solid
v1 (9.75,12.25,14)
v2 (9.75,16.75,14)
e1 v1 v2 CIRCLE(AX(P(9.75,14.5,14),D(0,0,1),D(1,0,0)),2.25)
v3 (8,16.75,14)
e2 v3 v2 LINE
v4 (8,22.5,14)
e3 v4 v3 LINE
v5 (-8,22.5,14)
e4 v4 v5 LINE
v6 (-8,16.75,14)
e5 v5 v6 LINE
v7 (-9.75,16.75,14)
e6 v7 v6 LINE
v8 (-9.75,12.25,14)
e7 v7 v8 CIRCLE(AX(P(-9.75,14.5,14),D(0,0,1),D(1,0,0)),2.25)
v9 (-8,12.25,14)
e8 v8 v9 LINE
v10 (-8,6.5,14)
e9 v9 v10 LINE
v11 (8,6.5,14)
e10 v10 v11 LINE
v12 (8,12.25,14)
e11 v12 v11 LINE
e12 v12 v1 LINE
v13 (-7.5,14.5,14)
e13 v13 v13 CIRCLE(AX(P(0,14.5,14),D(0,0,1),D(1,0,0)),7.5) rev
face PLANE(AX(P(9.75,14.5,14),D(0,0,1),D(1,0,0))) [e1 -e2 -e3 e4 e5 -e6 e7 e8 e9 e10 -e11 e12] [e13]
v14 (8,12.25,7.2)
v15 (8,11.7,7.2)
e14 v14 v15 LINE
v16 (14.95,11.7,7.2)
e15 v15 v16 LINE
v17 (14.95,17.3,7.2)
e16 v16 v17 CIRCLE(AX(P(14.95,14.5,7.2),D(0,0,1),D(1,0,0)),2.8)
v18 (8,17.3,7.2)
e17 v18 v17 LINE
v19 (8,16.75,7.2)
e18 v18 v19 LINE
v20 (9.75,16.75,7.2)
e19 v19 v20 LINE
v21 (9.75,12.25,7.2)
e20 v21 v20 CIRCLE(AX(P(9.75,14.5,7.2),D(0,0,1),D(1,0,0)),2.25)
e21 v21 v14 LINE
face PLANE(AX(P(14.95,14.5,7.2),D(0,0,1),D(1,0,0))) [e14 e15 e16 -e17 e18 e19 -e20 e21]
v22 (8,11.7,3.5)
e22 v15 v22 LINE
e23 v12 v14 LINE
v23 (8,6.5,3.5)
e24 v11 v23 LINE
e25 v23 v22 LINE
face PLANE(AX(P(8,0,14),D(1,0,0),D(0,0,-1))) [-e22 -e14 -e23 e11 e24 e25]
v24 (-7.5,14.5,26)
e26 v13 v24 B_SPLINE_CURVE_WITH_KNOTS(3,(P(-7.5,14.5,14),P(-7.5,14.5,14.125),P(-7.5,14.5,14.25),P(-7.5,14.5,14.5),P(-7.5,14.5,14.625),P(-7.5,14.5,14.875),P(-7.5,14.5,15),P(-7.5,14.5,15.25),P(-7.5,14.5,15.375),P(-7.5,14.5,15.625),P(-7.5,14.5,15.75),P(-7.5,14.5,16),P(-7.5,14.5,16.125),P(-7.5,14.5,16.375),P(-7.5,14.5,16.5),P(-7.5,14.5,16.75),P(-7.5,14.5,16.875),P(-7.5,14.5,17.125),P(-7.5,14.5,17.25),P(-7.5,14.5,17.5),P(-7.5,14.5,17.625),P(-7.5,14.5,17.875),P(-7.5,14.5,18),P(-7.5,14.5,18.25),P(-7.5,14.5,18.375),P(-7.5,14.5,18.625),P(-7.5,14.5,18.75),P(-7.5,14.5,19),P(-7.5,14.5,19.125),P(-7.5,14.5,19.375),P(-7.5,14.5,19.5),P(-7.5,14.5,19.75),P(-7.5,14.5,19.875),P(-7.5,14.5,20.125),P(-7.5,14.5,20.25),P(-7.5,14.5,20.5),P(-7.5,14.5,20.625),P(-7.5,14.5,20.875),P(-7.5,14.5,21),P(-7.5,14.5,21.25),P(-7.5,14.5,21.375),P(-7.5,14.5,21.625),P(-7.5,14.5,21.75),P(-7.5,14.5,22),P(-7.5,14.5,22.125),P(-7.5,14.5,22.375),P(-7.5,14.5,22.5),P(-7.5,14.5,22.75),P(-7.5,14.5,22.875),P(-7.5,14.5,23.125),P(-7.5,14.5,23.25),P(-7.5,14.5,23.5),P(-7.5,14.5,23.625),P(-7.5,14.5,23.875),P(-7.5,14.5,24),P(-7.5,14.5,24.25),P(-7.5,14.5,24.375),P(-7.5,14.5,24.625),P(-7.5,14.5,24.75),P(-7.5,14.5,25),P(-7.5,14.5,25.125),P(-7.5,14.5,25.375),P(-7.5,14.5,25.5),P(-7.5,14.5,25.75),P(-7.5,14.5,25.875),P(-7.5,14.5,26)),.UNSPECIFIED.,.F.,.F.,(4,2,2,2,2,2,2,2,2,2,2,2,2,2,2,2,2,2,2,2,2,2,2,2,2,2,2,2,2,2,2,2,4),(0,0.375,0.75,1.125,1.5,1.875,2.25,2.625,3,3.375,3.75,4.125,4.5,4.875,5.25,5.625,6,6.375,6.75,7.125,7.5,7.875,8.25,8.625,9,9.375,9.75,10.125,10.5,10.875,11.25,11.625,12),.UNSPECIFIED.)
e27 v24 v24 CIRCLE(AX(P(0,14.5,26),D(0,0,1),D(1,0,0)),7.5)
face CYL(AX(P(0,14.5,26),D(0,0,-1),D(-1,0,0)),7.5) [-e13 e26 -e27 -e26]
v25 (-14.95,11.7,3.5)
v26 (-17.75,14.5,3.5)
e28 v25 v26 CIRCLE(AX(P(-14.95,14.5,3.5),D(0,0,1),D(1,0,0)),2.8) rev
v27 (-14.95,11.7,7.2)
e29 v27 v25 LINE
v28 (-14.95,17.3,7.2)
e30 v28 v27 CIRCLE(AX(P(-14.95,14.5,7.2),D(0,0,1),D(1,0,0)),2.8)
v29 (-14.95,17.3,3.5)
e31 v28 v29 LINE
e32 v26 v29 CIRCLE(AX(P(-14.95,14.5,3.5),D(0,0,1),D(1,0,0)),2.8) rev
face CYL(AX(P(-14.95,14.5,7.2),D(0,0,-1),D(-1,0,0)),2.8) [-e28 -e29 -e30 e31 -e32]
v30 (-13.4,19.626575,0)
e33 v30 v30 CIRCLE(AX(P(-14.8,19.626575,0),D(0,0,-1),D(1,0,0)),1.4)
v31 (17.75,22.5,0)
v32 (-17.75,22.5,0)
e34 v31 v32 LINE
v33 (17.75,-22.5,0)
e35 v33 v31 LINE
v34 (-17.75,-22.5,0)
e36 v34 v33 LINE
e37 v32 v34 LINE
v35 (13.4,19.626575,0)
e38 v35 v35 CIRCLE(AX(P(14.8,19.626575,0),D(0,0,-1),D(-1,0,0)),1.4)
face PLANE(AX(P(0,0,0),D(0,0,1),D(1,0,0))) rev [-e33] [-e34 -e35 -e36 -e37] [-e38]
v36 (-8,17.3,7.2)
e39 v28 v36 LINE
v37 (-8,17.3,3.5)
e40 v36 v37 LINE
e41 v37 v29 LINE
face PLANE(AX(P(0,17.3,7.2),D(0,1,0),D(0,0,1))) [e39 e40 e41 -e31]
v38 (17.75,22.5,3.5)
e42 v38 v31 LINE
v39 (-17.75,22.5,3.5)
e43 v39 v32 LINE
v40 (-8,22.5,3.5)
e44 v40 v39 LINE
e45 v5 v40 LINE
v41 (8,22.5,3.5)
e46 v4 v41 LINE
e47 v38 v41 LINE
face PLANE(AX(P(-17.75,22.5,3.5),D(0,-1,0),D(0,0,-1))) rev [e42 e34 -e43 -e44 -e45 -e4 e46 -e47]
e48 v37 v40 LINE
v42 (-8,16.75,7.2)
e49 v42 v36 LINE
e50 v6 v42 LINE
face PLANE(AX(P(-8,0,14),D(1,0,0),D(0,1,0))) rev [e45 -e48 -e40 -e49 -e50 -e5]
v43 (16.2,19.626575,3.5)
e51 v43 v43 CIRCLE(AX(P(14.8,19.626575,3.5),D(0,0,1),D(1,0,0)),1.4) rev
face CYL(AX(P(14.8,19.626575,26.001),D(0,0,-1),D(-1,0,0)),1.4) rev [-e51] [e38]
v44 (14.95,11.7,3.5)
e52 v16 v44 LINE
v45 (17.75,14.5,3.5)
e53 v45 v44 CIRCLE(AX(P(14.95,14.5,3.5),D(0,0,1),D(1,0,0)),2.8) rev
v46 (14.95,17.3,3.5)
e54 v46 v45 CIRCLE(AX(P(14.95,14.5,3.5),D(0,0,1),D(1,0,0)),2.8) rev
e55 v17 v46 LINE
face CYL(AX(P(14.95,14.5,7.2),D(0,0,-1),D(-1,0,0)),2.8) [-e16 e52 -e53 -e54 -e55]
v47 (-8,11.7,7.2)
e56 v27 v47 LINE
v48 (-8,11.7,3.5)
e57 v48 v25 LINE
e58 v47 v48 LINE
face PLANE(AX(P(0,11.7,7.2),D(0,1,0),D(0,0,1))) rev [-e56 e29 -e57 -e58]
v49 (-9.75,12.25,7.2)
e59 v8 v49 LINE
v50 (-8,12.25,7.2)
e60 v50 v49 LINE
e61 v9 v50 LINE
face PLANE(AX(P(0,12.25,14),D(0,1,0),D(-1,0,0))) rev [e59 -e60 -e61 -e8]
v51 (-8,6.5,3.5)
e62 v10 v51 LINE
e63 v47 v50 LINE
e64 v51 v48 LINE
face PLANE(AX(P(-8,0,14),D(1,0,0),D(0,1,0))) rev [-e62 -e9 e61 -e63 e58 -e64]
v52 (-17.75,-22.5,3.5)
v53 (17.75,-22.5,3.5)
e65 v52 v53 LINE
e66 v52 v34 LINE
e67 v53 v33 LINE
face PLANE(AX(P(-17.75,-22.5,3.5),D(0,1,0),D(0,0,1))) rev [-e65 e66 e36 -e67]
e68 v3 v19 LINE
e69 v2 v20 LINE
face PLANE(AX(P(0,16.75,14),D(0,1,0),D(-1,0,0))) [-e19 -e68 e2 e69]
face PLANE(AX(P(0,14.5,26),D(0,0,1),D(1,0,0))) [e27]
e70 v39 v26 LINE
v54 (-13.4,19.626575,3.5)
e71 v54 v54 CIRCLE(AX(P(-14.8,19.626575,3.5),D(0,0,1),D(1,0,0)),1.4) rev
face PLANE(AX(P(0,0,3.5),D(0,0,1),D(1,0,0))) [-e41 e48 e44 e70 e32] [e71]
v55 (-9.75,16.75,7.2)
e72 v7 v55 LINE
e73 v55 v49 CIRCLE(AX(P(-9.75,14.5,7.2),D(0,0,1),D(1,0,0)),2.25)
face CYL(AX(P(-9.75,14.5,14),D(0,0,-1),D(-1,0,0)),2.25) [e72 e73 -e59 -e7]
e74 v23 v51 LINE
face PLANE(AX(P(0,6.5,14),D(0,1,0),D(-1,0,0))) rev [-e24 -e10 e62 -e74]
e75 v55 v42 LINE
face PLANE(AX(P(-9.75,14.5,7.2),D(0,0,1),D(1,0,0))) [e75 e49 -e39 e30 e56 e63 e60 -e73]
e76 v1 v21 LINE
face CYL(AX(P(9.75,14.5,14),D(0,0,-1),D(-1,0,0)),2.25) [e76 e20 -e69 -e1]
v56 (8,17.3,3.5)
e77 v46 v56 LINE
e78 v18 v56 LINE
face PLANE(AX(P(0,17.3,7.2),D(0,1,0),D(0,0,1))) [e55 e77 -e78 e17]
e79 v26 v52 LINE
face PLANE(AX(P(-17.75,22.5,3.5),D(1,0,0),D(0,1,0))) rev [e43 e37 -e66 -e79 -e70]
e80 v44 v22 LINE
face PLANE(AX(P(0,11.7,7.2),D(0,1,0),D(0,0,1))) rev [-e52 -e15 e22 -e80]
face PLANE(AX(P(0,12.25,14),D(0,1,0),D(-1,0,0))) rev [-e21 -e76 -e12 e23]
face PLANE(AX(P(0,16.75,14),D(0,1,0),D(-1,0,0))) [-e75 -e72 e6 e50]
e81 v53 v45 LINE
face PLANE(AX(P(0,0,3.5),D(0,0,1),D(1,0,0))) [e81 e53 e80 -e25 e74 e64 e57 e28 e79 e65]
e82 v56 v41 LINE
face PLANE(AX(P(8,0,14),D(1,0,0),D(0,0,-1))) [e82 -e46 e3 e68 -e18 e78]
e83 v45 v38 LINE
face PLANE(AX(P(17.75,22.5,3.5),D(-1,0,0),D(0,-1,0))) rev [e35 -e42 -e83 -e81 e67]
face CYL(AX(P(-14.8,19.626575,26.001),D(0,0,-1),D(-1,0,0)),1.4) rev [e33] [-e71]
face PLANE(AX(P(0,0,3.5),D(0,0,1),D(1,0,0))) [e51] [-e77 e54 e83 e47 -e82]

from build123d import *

# Parameters (mm, degrees)
SKETCH_4_W          = 35.5
SKETCH_4_H          = 45
EXTRUDE_2_DEPTH     = 3.5
EXTRUDE_START       = -3.5
SKETCH_5_W          = 16
SKETCH_5_H          = 4.5
SKETCH_5_H_2        = 5.75
EXTRUDE_3_DEPTH     = 14
EXTRUDE_4_DEPTH     = 7.2
EXTRUDE_START_2     = -14
SKETCH_7_R          = 7.5
EXTRUDE_5_DEPTH     = 26
CUT_EXTRUDE_1_REACH = 40.695
SKETCH_8_R          = 1.4


with BuildPart() as part:
    # 草图4 → 凸台-拉伸2 (new body)
    with BuildSketch(Plane.XY):
        Rectangle(SKETCH_4_W, SKETCH_4_H)
    extrude(amount=EXTRUDE_2_DEPTH)

    # 草图5 → 凸台-拉伸3 (add)
    with BuildSketch(Plane.XY.offset(3.5).offset(EXTRUDE_START)):
        with BuildLine():
            Line((-8, 12.25), (-8, 16.75))
            Line((-8, 16.75), (-9.75, 16.75))
            ThreePointArc((-9.75, 16.75), (-12, 14.5), (-9.75, 12.25))
            Line((-9.75, 12.25), (-8, 12.25))
        make_face()
        with Locations((0, 14.5)):
            Rectangle(SKETCH_5_W, SKETCH_5_H)
        with Locations((0, 19.625)):
            Rectangle(SKETCH_5_W, SKETCH_5_H_2)
        with BuildLine():
            Line((9.75, 16.75), (8, 16.75))
            Line((8, 16.75), (8, 12.25))
            Line((8, 12.25), (9.75, 12.25))
            ThreePointArc((9.75, 12.25), (12, 14.5), (9.75, 16.75))
        make_face()
        with Locations((0, 9.375)):
            Rectangle(SKETCH_5_W, SKETCH_5_H_2)
    extrude(amount=EXTRUDE_3_DEPTH)

    # 草图6 → 凸台-拉伸4 (add)
    with BuildSketch(Plane.XY.offset(3.5).offset(EXTRUDE_START)):
        with BuildLine():
            Line((-14.95, 17.3), (14.95, 17.3))
            ThreePointArc((14.95, 17.3), (17.75, 14.5), (14.95, 11.7))
            Line((14.95, 11.7), (-14.95, 11.7))
            ThreePointArc((-14.95, 11.7), (-17.75, 14.5), (-14.95, 17.3))
        make_face()
    extrude(amount=EXTRUDE_4_DEPTH)

    # 草图7 → 凸台-拉伸5 (add)
    with BuildSketch(Plane.XY.offset(14).offset(EXTRUDE_START_2)):
        with Locations(Location((0, 14.5, 0), (0, 0, 180))):
            Circle(SKETCH_7_R)
    extrude(amount=EXTRUDE_5_DEPTH)

    # 草图8 → 切除-拉伸1 (cut, up to next)
    with BuildSketch(Plane(origin=(0, 0, 0), x_dir=(-1, 0, 0), z_dir=(0, 0, -1)), mode=Mode.PRIVATE) as cut_extrude_1_sk1:
        with Locations((-14.8, 19.626575336)):
            Circle(SKETCH_8_R)
    cut_extrude_1_tool1 = extrude(cut_extrude_1_sk1.sketch, amount=-CUT_EXTRUDE_1_REACH, mode=Mode.PRIVATE) & part.part
    # 草图8 → 切除-拉伸1 (cut, up to next)
    with BuildSketch(Plane(origin=(0, 0, 0), x_dir=(-1, 0, 0), z_dir=(0, 0, -1)), mode=Mode.PRIVATE) as cut_extrude_1_sk2:
        with Locations(Location((14.8, 19.626575336, 0), (0, 0, 180))):
            Circle(SKETCH_8_R)
    cut_extrude_1_tool2 = extrude(cut_extrude_1_sk2.sketch, amount=-CUT_EXTRUDE_1_REACH, mode=Mode.PRIVATE) & part.part
    add(cut_extrude_1_tool1.solids().sort_by_distance((14.8, 19.626575, 0))[0], mode=Mode.SUBTRACT)
    add(cut_extrude_1_tool2.solids().sort_by_distance((-14.8, 19.626575, 0))[0], mode=Mode.SUBTRACT)


solid = part.part
